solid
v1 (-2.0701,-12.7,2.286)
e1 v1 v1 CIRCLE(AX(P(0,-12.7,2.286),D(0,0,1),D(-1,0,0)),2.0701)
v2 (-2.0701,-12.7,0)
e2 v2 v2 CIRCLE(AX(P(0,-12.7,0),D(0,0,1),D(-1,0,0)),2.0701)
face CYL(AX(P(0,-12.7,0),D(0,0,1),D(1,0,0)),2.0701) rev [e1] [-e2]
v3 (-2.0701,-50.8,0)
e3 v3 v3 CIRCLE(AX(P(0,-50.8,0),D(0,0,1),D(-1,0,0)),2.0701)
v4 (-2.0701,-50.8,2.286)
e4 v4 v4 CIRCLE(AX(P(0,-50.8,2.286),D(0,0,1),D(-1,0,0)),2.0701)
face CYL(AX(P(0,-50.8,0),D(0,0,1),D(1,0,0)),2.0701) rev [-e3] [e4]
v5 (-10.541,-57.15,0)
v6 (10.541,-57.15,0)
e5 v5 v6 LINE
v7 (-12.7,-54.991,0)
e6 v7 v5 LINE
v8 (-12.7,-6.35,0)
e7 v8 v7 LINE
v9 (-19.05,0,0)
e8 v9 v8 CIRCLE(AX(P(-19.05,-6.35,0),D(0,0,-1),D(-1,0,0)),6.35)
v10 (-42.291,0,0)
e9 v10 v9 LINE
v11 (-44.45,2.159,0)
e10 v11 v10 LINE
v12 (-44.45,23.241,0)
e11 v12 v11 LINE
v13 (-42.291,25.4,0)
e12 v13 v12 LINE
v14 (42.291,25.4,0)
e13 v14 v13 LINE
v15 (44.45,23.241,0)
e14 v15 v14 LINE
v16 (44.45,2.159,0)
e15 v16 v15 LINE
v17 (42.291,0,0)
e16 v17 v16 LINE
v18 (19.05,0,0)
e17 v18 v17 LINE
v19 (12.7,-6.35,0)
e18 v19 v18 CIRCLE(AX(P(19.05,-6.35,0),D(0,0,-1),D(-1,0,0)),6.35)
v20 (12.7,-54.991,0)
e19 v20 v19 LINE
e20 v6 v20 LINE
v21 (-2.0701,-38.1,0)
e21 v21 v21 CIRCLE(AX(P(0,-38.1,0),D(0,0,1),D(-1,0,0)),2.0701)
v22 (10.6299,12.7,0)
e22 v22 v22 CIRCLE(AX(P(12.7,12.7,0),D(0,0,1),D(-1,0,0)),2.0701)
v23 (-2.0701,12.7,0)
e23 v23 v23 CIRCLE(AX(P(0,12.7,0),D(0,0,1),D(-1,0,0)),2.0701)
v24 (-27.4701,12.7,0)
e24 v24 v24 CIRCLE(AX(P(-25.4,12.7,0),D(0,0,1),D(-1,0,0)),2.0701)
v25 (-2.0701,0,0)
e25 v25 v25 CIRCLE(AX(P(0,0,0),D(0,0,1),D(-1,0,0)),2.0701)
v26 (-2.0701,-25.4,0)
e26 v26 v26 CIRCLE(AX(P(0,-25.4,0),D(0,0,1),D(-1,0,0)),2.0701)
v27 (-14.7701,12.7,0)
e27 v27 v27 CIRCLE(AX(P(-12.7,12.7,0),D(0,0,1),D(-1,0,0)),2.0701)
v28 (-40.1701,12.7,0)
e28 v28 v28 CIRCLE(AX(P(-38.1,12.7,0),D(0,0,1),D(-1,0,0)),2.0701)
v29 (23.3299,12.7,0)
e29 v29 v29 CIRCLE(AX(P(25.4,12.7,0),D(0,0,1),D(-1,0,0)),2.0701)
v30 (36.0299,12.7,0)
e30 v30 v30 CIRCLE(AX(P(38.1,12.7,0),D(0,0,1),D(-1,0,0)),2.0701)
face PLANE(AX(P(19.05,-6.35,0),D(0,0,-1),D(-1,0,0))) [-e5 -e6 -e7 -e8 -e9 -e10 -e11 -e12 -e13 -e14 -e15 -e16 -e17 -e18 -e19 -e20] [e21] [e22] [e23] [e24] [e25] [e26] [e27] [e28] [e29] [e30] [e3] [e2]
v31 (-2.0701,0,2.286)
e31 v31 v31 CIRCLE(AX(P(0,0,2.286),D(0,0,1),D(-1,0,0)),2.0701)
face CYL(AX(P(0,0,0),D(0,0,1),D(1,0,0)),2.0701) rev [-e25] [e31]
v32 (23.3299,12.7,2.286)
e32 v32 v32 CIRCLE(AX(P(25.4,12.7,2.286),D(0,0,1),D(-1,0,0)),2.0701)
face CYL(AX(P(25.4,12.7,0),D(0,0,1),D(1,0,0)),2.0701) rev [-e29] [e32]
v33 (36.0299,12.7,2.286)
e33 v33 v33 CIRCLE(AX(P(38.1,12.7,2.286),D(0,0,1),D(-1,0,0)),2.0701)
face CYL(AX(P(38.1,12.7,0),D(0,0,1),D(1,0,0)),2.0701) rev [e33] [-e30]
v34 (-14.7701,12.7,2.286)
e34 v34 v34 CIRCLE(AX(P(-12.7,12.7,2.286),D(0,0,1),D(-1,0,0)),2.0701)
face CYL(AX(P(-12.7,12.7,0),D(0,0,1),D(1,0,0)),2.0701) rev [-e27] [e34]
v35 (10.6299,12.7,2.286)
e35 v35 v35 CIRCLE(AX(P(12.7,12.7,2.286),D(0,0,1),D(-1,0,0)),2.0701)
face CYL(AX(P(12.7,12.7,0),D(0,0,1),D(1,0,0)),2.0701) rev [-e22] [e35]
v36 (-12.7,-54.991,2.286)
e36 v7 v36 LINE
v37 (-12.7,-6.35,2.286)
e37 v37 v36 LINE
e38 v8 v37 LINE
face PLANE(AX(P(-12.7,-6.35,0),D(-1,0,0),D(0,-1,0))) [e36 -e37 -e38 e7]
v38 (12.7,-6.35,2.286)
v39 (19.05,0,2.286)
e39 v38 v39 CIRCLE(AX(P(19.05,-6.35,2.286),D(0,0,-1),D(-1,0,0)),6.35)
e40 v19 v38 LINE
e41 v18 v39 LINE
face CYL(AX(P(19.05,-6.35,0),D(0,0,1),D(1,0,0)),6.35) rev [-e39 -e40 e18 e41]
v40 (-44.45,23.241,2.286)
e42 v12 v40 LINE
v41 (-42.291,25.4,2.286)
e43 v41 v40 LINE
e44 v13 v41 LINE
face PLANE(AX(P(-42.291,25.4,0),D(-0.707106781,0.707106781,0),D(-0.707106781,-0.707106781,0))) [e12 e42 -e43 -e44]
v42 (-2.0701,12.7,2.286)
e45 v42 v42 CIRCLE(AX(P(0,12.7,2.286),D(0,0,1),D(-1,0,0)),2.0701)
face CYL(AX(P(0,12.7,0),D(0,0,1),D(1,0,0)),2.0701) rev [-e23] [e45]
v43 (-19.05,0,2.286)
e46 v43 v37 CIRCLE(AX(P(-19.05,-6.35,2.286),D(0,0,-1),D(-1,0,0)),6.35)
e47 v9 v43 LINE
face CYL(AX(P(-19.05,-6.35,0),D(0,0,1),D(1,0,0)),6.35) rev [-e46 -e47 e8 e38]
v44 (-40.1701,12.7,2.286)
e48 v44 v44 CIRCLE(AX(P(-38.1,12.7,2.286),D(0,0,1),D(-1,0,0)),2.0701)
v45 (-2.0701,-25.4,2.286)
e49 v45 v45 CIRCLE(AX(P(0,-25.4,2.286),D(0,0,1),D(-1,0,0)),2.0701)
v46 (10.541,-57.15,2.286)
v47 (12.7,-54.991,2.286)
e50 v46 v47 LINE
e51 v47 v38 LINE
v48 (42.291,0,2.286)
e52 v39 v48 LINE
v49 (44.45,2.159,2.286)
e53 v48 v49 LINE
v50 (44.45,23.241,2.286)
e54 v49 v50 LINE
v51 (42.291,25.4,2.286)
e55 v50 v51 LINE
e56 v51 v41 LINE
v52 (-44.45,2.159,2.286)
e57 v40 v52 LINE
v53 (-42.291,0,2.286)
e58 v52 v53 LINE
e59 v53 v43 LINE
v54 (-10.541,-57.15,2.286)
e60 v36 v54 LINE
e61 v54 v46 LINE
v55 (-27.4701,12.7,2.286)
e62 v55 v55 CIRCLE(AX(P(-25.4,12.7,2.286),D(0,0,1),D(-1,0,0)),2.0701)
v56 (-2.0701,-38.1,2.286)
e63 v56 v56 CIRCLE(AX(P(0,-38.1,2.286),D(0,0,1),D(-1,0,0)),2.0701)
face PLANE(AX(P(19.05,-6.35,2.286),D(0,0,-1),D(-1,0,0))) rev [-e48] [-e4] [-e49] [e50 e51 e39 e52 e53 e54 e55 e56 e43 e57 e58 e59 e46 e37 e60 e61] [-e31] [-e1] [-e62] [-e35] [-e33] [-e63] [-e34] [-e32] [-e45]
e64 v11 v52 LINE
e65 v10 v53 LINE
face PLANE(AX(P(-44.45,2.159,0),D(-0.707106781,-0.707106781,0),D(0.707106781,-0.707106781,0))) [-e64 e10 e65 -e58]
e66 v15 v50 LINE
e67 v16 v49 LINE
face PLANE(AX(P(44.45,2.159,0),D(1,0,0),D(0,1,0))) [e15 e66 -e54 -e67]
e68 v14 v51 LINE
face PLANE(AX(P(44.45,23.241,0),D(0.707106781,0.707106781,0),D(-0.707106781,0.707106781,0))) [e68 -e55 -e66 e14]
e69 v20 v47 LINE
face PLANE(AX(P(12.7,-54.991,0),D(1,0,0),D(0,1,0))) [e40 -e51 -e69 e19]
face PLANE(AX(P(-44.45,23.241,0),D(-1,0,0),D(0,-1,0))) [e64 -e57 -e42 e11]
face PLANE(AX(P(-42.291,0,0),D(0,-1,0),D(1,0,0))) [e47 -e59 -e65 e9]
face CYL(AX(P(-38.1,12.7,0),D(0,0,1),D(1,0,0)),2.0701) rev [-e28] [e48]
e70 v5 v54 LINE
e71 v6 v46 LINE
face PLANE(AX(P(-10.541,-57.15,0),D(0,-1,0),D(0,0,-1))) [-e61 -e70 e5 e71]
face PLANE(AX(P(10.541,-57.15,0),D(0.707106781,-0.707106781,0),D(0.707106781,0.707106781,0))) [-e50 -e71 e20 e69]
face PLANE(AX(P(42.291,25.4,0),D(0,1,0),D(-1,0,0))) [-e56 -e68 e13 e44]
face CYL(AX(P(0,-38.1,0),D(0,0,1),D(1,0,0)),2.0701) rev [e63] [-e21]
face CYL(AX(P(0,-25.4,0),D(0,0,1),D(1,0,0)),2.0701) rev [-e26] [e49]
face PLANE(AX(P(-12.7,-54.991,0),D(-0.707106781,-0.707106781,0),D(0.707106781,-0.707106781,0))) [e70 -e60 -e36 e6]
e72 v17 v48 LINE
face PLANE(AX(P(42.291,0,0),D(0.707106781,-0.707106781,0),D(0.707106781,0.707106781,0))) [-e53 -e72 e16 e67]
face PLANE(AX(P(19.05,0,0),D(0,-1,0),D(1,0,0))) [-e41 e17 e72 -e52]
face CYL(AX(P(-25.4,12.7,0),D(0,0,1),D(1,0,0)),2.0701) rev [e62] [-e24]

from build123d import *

# Parameters (mm, degrees)
SKETCH1_R           = 2.0701
BOSS_EXTRUDE1_DEPTH = 2.286


with BuildPart() as part:
    # Sketch1 → Boss-Extrude1 (new body)
    with BuildSketch(Plane.XY.offset(2.286)):
        with BuildLine():
            Line((12.7, -54.991), (12.7, -6.35))
            ThreePointArc((12.7, -6.35), (14.559871939, -1.859871939), (19.05, 0))
            Line((19.05, 0), (42.291, 0))
            Line((42.291, 0), (44.45, 2.159))
            Line((44.45, 2.159), (44.45, 23.241))
            Line((44.45, 23.241), (42.291, 25.4))
            Line((42.291, 25.4), (-42.291, 25.4))
            Line((-42.291, 25.4), (-44.45, 23.241))
            Line((-44.45, 23.241), (-44.45, 2.159))
            Line((-44.45, 2.159), (-42.291, 0))
            Line((-42.291, 0), (-19.05, 0))
            ThreePointArc((-19.05, 0), (-14.559871939, -1.859871939), (-12.7, -6.35))
            Line((-12.7, -6.35), (-12.7, -54.991))
            Line((-12.7, -54.991), (-10.541, -57.15))
            Line((-10.541, -57.15), (10.541, -57.15))
            Line((10.541, -57.15), (12.7, -54.991))
        make_face()
        with Locations((0, -38.1)):
            Circle(SKETCH1_R, mode=Mode.SUBTRACT)
        with Locations((0, -12.7)):
            Circle(SKETCH1_R, mode=Mode.SUBTRACT)
        with Locations((38.1, 12.7)):
            Circle(SKETCH1_R, mode=Mode.SUBTRACT)
        with Locations((12.7, 12.7)):
            Circle(SKETCH1_R, mode=Mode.SUBTRACT)
        with Locations((-12.7, 12.7)):
            Circle(SKETCH1_R, mode=Mode.SUBTRACT)
        with Locations((-38.1, 12.7)):
            Circle(SKETCH1_R, mode=Mode.SUBTRACT)
        with Locations((-25.4, 12.7)):
            Circle(SKETCH1_R, mode=Mode.SUBTRACT)
        with Locations((0, 12.7)):
            Circle(SKETCH1_R, mode=Mode.SUBTRACT)
        with Locations((25.4, 12.7)):
            Circle(SKETCH1_R, mode=Mode.SUBTRACT)
        Circle(SKETCH1_R, mode=Mode.SUBTRACT)
        with Locations((0, -25.4)):
            Circle(SKETCH1_R, mode=Mode.SUBTRACT)
        with Locations((0, -50.8)):
            Circle(SKETCH1_R, mode=Mode.SUBTRACT)
    extrude(amount=-BOSS_EXTRUDE1_DEPTH)


solid = part.part
